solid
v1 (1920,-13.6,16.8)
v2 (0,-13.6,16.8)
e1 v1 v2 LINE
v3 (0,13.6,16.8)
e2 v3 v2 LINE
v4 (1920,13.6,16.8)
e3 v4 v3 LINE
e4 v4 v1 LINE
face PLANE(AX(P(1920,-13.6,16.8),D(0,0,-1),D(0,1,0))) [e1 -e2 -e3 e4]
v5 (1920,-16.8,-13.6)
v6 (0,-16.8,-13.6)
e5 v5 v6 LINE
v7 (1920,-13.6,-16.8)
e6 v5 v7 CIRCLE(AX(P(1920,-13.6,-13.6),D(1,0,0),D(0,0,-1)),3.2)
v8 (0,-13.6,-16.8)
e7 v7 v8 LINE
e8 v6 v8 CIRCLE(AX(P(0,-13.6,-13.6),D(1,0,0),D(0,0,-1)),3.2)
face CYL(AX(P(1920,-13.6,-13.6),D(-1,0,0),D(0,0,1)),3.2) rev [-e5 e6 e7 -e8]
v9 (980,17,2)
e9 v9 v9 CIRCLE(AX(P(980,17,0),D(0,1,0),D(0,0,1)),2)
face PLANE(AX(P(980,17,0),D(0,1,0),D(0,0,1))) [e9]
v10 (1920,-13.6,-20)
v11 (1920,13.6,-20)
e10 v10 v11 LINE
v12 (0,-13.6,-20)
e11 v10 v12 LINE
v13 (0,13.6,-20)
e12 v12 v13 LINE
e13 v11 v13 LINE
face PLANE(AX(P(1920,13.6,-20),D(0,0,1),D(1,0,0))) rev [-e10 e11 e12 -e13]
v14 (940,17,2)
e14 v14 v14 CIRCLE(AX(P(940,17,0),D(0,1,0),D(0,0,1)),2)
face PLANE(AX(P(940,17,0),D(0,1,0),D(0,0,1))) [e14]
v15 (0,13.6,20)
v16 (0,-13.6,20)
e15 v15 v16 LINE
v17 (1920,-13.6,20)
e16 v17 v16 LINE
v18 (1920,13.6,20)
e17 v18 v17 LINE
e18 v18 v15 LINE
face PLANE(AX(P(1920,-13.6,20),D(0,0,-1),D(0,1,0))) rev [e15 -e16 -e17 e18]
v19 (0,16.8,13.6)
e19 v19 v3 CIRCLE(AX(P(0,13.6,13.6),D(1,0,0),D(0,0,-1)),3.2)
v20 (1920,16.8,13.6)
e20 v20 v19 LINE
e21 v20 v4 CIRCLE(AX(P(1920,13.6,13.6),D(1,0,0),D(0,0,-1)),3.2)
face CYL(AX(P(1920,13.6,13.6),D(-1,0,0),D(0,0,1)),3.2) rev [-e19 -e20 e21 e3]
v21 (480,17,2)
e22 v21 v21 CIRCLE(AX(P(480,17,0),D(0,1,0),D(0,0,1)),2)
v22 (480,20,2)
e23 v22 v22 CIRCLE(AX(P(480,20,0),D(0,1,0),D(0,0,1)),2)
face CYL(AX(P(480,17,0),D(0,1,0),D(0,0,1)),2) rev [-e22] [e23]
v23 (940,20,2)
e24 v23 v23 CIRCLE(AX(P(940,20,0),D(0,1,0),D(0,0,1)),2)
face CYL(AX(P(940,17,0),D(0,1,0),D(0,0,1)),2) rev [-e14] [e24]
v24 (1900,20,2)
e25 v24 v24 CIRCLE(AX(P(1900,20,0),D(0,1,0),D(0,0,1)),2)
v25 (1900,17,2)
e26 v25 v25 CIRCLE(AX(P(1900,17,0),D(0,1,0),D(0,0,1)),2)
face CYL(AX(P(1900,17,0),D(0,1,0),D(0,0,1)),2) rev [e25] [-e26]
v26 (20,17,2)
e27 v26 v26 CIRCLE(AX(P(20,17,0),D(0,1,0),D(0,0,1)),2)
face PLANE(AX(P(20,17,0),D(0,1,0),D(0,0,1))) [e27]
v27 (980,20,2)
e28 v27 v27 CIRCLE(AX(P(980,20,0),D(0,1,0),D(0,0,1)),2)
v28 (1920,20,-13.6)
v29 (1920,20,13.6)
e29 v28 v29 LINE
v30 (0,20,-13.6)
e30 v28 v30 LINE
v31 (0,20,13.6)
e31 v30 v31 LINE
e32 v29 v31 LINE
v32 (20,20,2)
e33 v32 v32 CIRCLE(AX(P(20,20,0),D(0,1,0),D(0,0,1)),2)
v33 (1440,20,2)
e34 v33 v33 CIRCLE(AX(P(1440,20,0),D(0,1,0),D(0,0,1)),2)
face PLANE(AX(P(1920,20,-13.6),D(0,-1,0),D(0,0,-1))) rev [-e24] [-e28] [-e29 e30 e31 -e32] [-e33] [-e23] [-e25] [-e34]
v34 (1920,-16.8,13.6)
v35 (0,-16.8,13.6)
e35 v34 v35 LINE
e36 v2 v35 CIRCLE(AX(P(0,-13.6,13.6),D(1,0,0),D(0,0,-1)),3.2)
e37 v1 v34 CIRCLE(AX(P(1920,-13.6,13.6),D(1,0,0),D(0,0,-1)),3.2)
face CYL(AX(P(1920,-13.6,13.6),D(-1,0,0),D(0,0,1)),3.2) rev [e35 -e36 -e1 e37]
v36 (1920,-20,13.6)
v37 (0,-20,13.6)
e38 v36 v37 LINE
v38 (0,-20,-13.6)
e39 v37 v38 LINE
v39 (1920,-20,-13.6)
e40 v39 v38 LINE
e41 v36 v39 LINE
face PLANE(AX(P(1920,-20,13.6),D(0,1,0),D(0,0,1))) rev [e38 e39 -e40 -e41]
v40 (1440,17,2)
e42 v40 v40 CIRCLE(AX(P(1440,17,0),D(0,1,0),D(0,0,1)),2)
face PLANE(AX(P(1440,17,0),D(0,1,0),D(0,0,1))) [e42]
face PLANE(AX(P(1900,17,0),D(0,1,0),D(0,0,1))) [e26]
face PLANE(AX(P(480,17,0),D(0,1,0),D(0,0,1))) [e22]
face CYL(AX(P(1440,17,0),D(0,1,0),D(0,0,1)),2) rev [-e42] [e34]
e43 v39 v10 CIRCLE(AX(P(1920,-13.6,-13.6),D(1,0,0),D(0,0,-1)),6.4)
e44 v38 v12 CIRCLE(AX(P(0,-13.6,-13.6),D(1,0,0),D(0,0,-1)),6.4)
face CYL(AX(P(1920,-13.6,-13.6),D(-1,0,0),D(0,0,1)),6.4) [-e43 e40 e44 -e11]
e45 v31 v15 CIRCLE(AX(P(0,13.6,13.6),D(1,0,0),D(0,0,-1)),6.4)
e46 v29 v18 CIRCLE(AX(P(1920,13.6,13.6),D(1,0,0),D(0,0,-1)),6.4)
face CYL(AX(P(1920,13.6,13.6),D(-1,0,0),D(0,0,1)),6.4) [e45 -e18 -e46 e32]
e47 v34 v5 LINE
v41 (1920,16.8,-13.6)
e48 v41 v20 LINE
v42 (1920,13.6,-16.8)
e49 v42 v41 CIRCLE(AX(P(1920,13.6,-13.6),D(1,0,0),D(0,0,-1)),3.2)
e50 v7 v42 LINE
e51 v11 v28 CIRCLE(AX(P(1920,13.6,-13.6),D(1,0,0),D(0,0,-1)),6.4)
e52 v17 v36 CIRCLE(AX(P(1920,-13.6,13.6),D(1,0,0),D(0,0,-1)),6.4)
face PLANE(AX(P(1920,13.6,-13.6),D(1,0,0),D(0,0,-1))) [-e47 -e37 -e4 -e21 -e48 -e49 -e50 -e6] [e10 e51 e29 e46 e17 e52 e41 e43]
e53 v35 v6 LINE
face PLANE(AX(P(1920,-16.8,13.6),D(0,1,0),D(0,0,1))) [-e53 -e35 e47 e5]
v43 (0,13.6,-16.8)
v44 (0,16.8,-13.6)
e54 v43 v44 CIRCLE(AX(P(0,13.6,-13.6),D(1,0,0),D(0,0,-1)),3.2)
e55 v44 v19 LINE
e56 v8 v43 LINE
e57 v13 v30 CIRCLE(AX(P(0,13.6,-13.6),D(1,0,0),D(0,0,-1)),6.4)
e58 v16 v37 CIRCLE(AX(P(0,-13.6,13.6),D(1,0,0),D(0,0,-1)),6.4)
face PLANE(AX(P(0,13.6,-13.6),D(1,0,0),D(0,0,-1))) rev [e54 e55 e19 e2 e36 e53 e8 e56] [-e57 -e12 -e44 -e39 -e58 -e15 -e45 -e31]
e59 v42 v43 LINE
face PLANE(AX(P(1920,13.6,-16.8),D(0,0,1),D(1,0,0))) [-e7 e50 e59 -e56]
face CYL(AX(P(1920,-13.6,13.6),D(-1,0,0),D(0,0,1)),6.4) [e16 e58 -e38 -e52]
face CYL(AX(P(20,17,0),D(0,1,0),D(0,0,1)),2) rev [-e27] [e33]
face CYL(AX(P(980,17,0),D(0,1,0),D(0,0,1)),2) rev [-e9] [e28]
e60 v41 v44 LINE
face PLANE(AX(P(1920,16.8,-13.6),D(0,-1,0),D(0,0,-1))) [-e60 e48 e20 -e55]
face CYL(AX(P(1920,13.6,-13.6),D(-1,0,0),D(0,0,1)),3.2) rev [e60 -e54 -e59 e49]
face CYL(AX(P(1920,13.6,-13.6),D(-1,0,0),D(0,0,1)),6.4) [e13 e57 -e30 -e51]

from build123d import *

# Parameters (mm, degrees)
TUBE_SQUARE_40_X_40_X_3_2_4_DEPTH = 1920
SKETCH13_R                        = 2
CUT_EXTRUDE1_DEPTH                = 3


with BuildPart() as part:
    # Sketch12 → Tube (square) 40 X 40 X 3.2(4) (new body)
    with BuildSketch(Plane(origin=(0, 0, 0), x_dir=(0, 0, -1), z_dir=(1, 0, 0))):
        with BuildLine():
            Line((-13.6, -20), (13.6, -20))
            ThreePointArc((13.6, -20), (18.1254834, -18.1254834), (20, -13.6))
            Line((20, -13.6), (20, 13.6))
            ThreePointArc((20, 13.6), (18.1254834, 18.1254834), (13.6, 20))
            Line((13.6, 20), (-13.6, 20))
            ThreePointArc((-13.6, 20), (-18.1254834, 18.1254834), (-20, 13.6))
            Line((-20, 13.6), (-20, -13.6))
            ThreePointArc((-20, -13.6), (-18.1254834, -18.1254834), (-13.6, -20))
        make_face()
        with BuildLine():
            Line((-13.6, -16.8), (13.6, -16.8))
            ThreePointArc((13.6, -16.8), (15.8627417, -15.8627417), (16.8, -13.6))
            Line((16.8, -13.6), (16.8, 13.6))
            ThreePointArc((16.8, 13.6), (15.8627417, 15.8627417), (13.6, 16.8))
            Line((13.6, 16.8), (-13.6, 16.8))
            ThreePointArc((-13.6, 16.8), (-15.8627417, 15.8627417), (-16.8, 13.6))
            Line((-16.8, 13.6), (-16.8, -13.6))
            ThreePointArc((-16.8, -13.6), (-15.8627417, -15.8627417), (-13.6, -16.8))
        make_face(mode=Mode.SUBTRACT)
    extrude(amount=TUBE_SQUARE_40_X_40_X_3_2_4_DEPTH)

    # Sketch13 → Cut-Extrude1 (cut)
    with BuildSketch(Plane(origin=(0, 20, 0), x_dir=(1, 0, 0), z_dir=(0, 1, 0))):
        with Locations(Location((20, 0, 0), (0, 0, 270))):
            Circle(SKETCH13_R)
        with Locations(Location((1900, 0, 0), (0, 0, 270))):
            Circle(SKETCH13_R)
        with Locations(Location((980, 0, 0), (0, 0, 270))):
            Circle(SKETCH13_R)
        with Locations(Location((940, 0, 0), (0, 0, 270))):
            Circle(SKETCH13_R)
        with Locations(Location((1440, 0, 0), (0, 0, 270))):
            Circle(SKETCH13_R)
        with Locations(Location((480, 0, 0), (0, 0, 270))):
            Circle(SKETCH13_R)
    extrude(amount=-CUT_EXTRUDE1_DEPTH, mode=Mode.SUBTRACT)


solid = part.part
